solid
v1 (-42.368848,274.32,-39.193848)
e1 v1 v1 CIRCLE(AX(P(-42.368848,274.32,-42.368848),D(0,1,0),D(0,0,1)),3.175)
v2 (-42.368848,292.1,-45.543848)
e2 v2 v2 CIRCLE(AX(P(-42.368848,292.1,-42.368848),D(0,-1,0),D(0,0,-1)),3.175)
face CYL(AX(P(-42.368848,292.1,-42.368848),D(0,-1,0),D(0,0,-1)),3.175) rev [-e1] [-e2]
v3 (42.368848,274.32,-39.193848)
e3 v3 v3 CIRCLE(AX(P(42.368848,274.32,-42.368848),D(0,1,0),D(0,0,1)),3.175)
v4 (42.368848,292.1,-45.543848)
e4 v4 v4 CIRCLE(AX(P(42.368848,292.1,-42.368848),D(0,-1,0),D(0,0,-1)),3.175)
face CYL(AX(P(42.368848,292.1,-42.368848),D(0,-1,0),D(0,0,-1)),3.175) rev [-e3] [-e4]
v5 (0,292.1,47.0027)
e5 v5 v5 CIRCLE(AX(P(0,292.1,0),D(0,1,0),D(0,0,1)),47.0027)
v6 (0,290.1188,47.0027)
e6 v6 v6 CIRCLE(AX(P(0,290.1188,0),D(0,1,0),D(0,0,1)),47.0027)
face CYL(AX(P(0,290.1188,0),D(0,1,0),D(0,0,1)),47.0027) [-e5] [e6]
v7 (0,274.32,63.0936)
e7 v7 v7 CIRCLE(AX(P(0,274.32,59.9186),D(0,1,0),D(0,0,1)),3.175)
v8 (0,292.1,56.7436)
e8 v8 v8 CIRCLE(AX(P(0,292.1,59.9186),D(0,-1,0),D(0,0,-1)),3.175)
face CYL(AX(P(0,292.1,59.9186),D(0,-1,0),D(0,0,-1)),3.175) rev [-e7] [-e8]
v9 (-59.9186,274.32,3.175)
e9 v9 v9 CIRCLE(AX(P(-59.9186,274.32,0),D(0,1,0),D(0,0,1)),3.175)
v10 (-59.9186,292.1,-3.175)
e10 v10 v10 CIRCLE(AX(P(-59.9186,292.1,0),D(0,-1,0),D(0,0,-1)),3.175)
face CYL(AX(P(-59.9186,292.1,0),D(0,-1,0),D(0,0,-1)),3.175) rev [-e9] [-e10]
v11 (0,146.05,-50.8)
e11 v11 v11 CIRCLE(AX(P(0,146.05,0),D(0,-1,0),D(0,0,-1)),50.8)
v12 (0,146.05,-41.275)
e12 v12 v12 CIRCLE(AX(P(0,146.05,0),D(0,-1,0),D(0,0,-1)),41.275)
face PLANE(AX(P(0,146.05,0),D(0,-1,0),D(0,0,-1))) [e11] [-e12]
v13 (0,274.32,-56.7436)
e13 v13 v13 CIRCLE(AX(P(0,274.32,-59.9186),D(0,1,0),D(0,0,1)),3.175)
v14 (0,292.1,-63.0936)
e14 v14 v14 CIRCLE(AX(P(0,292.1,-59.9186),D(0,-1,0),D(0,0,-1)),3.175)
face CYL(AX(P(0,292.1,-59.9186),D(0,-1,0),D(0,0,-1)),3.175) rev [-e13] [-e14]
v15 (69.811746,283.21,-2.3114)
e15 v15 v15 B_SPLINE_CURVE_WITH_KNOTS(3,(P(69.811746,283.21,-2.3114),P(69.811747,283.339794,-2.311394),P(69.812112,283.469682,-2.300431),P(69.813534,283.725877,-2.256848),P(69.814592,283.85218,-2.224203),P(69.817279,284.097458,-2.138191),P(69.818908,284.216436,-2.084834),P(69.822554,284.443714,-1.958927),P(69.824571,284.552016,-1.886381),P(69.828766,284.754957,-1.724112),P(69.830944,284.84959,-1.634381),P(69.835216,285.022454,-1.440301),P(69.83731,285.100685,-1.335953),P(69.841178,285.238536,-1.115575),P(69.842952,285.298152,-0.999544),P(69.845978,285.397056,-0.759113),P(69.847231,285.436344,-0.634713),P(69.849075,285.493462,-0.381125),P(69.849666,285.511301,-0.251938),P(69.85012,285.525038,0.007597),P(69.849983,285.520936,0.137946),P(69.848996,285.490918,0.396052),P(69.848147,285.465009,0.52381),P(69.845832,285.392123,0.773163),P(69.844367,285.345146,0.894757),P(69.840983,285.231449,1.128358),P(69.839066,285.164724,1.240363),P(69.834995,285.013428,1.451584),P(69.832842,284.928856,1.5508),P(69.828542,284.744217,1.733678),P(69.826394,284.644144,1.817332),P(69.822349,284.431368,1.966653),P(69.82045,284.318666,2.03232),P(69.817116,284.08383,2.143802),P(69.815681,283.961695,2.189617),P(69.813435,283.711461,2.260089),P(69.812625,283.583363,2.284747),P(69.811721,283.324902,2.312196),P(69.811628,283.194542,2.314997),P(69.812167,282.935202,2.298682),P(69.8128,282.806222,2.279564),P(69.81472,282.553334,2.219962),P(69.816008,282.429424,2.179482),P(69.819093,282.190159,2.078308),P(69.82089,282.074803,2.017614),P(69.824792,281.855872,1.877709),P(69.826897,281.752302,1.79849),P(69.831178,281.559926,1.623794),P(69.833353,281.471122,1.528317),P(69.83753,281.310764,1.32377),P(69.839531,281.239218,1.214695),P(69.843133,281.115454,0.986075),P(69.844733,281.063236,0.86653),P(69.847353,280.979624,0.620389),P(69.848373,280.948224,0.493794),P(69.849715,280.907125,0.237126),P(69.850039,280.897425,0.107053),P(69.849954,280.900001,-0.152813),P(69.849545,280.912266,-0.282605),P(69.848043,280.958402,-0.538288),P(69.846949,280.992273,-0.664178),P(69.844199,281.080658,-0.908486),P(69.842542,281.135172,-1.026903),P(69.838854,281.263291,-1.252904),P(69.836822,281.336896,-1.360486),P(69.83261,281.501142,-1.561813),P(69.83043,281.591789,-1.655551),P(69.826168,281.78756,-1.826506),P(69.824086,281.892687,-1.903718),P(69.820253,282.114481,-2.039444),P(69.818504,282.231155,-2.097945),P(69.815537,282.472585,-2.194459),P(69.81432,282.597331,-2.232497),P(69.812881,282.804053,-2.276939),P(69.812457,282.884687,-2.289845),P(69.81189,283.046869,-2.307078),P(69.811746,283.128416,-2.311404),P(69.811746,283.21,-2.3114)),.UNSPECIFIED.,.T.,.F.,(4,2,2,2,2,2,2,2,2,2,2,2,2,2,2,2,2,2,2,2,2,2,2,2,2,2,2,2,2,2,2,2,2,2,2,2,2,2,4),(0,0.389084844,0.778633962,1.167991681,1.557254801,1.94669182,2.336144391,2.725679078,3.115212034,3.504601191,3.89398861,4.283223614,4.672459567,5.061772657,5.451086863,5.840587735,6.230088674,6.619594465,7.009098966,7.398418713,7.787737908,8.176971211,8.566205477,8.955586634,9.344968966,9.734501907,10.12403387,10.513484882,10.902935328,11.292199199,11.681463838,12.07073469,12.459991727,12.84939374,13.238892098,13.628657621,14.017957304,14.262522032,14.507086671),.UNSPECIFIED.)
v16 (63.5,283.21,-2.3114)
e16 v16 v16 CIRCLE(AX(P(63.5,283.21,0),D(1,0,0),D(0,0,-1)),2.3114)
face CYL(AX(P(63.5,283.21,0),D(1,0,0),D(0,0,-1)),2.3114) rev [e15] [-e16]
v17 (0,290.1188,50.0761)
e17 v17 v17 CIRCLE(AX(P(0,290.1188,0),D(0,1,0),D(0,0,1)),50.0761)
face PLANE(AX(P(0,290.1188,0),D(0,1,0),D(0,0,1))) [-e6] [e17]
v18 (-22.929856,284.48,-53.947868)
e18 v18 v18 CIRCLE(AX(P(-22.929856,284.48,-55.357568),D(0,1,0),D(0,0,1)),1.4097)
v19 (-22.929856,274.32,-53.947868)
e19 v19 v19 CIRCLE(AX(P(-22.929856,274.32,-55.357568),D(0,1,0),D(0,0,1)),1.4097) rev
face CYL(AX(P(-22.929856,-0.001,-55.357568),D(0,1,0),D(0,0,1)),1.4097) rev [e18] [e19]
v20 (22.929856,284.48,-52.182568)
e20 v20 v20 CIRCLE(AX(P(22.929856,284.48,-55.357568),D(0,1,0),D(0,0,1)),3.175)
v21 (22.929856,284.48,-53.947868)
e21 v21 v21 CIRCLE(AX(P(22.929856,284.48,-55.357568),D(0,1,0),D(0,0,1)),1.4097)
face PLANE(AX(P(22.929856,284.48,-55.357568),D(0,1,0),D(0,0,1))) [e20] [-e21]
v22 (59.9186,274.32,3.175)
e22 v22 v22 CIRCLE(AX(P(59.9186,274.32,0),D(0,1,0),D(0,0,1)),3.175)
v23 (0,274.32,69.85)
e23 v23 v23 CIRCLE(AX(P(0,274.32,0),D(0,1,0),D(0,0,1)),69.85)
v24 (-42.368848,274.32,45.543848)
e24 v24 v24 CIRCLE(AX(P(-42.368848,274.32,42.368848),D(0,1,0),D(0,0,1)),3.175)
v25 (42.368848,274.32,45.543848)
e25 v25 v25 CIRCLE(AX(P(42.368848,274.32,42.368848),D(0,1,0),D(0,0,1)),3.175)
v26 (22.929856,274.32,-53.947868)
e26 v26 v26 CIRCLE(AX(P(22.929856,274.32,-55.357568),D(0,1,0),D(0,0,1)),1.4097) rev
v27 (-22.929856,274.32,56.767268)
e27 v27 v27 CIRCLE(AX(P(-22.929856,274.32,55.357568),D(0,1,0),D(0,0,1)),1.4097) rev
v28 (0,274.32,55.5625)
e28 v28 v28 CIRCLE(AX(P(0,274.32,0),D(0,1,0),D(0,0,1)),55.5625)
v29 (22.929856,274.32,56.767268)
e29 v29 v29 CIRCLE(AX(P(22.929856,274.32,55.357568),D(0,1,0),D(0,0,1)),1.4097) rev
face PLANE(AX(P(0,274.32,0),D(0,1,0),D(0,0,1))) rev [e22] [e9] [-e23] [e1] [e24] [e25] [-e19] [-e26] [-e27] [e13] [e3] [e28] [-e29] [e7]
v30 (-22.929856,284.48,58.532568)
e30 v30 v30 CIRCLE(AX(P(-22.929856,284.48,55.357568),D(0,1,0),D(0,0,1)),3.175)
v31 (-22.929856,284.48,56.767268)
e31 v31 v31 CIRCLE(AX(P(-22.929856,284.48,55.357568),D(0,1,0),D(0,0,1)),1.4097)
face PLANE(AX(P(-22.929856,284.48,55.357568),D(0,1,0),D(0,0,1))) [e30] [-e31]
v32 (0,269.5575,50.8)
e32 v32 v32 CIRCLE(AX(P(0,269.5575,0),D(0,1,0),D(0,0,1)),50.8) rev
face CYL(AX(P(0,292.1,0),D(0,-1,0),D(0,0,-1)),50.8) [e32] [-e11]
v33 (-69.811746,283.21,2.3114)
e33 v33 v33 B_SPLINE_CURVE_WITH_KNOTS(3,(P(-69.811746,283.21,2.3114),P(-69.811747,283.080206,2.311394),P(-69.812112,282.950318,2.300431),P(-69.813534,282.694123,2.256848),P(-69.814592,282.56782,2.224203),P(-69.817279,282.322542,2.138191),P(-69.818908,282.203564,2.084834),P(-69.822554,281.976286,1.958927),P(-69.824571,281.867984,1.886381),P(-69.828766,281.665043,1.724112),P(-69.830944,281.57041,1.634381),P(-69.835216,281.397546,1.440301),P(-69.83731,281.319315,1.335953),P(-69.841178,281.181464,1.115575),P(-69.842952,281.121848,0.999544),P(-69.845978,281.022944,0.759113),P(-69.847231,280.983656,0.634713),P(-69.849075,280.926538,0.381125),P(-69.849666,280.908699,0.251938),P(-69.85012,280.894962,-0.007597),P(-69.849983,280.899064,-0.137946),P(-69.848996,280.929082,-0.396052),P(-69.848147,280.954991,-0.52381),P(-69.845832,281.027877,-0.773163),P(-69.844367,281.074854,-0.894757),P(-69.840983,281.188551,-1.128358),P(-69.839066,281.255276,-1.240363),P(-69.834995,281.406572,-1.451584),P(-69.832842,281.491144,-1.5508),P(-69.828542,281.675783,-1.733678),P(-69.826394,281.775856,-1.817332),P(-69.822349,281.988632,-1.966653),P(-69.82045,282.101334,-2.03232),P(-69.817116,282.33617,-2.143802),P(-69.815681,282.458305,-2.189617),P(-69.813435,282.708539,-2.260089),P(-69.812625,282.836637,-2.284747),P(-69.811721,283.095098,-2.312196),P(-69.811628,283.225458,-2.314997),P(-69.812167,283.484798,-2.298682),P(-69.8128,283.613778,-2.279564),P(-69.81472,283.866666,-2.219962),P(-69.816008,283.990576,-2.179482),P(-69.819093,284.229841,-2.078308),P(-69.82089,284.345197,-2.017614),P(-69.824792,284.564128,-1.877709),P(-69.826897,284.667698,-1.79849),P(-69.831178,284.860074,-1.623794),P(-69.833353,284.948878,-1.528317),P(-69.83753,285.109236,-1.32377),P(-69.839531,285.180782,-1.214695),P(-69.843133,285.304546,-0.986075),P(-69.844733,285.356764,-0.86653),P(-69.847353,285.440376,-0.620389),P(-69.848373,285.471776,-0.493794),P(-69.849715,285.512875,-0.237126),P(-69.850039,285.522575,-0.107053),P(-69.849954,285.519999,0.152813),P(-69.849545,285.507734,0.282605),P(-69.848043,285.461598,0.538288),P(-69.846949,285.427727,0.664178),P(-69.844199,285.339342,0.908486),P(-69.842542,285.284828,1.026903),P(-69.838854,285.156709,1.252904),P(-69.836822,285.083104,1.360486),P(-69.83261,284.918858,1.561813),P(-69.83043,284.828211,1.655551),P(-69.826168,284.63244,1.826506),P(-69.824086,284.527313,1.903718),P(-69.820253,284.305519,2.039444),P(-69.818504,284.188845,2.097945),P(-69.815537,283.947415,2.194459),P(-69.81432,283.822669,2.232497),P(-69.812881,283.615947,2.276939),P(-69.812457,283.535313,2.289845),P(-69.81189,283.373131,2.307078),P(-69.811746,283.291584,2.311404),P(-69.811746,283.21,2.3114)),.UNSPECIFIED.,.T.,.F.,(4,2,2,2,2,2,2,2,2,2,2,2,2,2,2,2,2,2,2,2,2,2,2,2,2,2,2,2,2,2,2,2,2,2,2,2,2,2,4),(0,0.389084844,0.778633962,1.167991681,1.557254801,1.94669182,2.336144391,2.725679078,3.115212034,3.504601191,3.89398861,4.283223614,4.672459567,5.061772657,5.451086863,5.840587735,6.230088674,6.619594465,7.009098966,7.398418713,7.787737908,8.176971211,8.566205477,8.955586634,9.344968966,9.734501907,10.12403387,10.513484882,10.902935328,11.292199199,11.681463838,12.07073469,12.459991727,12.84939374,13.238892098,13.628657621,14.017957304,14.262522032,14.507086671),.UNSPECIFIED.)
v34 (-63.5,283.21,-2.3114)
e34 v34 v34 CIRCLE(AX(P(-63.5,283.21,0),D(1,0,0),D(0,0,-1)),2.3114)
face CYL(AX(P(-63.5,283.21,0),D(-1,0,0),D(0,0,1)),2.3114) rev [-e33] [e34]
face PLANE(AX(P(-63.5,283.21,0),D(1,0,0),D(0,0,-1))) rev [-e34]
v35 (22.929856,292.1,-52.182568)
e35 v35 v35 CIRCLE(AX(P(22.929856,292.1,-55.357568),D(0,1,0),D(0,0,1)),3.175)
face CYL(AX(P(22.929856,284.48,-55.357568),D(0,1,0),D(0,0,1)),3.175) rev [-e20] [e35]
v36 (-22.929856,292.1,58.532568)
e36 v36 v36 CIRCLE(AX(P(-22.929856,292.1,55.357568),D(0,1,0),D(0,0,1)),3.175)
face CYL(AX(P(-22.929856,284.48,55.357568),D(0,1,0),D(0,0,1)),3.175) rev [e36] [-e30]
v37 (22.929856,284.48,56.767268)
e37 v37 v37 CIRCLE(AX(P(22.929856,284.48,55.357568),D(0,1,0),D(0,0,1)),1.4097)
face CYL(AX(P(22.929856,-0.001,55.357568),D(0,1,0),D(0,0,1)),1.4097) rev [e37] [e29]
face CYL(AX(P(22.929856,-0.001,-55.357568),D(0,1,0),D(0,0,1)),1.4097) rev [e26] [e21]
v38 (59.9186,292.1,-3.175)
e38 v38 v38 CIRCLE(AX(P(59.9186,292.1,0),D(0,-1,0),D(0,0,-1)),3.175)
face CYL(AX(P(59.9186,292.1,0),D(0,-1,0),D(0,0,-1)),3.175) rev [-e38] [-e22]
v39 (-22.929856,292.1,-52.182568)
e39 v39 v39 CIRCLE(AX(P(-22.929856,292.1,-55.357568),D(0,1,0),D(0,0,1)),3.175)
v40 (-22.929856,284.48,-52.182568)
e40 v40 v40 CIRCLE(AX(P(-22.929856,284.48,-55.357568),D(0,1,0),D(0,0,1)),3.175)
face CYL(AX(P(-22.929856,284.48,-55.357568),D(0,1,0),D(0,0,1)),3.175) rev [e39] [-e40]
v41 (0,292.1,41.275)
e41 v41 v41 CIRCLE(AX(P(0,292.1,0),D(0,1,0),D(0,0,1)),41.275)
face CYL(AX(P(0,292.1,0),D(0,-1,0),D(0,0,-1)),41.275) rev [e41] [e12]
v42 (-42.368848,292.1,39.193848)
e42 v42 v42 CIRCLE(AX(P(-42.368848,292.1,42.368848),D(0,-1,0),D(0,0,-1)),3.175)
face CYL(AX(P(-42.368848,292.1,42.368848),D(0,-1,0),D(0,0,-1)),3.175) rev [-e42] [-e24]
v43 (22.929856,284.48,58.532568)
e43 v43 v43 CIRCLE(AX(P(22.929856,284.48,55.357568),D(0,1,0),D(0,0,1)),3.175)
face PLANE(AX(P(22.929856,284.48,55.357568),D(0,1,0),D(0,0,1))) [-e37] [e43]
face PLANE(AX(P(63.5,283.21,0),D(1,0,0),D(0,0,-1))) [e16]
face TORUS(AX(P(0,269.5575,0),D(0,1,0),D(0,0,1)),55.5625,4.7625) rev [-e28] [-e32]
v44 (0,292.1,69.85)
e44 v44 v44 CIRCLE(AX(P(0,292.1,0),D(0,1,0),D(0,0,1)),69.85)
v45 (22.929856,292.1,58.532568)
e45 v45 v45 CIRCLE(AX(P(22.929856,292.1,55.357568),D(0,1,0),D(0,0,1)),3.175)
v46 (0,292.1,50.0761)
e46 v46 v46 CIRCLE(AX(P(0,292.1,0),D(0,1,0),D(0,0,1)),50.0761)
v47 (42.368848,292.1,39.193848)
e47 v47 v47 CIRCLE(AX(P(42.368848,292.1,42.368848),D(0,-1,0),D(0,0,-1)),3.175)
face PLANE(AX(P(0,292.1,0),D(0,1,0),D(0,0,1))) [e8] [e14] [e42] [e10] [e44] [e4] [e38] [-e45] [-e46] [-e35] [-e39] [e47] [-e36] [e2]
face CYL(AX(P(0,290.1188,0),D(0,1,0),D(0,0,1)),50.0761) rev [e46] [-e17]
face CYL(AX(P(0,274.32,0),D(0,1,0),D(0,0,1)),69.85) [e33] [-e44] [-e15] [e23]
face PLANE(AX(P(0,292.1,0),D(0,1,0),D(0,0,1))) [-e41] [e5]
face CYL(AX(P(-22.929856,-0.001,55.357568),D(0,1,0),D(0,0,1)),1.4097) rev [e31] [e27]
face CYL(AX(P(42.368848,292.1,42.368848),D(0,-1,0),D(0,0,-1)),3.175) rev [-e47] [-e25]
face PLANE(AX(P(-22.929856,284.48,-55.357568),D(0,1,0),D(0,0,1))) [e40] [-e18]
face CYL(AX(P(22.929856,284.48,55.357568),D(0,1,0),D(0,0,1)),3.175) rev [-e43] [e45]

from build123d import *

# Parameters (mm, degrees)
SKETCH2_R               = 50.8
SKETCH2_R_2             = 41.275
BASE_CYLINDER_DEPTH     = 292.1
SKETCH3_R               = 69.85
SKETCH3_R_2             = 41.275
AFT_FLANGE_DEPTH        = 17.78
SKETCH4_R               = 69.85
SKETCH4_R_2             = 41.275
FORWARD_FLANGE_DEPTH    = 17.78
SKETCH6_R               = 50.0761
SKETCH6_R_2             = 47.0027
O_RING_SLOT_1_DEPTH     = 1.9812
SKETCH7_R               = 50.0761
SKETCH7_R_2             = 47.0027
O_RING_SLOT_2_DEPTH     = 1.9812
SKETCH8_R               = 3.175
CUT_EXTRUDE4_DEPTH      = 1
CUT_EXTRUDE4_DEPTH_BACK = 293.1
FILLET1_R               = 4.7625
SKETCH9_R               = 3.175
CUT_EXTRUDE5_DEPTH      = 7.62
SKETCH10_R              = 3.175
CUT_EXTRUDE6_DEPTH      = 7.62
CUT_EXTRUDE7_REACH      = 286.48
SKETCH11_R              = 1.4097
CUT_EXTRUDE8_REACH      = 286.48
SKETCH12_R              = 1.4097
SKETCH13_R              = 2.3114
CUT_EXTRUDE10_DEPTH     = 6.35
SKETCH14_R              = 2.3114
CUT_EXTRUDE11_DEPTH     = 6.35
SKETCH17_R              = 69.85
CUT_EXTRUDE12_DEPTH     = 146.05


with BuildPart() as part:
    # Sketch2 → Base Cylinder (new body)
    with BuildSketch(Plane(origin=(0, 0, 0), x_dir=(1, 0, 0), z_dir=(0, 1, 0))):
        Circle(SKETCH2_R)
        Circle(SKETCH2_R_2, mode=Mode.SUBTRACT)
    extrude(amount=BASE_CYLINDER_DEPTH)

    # Sketch3 → Aft Flange (add)
    with BuildSketch(Plane.XZ):
        Circle(SKETCH3_R)
        Circle(SKETCH3_R_2, mode=Mode.SUBTRACT)
    extrude(amount=-AFT_FLANGE_DEPTH)

    # Sketch4 → Forward Flange (add)
    with BuildSketch(Plane(origin=(0, 292.1, 0), x_dir=(1, 0, 0), z_dir=(0, 1, 0))):
        Circle(SKETCH4_R)
        Circle(SKETCH4_R_2, mode=Mode.SUBTRACT)
    extrude(amount=-FORWARD_FLANGE_DEPTH)

    # Sketch6 → O-Ring Slot 1 (cut)
    with BuildSketch(Plane.XZ):
        Circle(SKETCH6_R)
        Circle(SKETCH6_R_2, mode=Mode.SUBTRACT)
    extrude(amount=-O_RING_SLOT_1_DEPTH, mode=Mode.SUBTRACT)

    # Sketch7 → O-Ring Slot 2 (cut)
    with BuildSketch(Plane(origin=(0, 292.1, 0), x_dir=(1, 0, 0), z_dir=(0, 1, 0))):
        Circle(SKETCH7_R)
        Circle(SKETCH7_R_2, mode=Mode.SUBTRACT)
    extrude(amount=-O_RING_SLOT_2_DEPTH, mode=Mode.SUBTRACT)

    # Sketch8 → Cut-Extrude4 (cut, two sides)
    with BuildSketch(Plane.XZ) as cut_extrude4_sk:
        with Locations((-59.9186, 0)):
            Circle(SKETCH8_R)
        with Locations((-42.368848379, 42.368848379)):
            Circle(SKETCH8_R)
        with Locations((0, 59.9186)):
            Circle(SKETCH8_R)
        with Locations((42.368848379, 42.368848379)):
            Circle(SKETCH8_R)
        with Locations((59.9186, 0)):
            Circle(SKETCH8_R)
        with Locations((42.368848379, -42.368848379)):
            Circle(SKETCH8_R)
        with Locations((0, -59.9186)):
            Circle(SKETCH8_R)
        with Locations((-42.368848379, -42.368848379)):
            Circle(SKETCH8_R)
    extrude(amount=CUT_EXTRUDE4_DEPTH, mode=Mode.SUBTRACT)
    extrude(cut_extrude4_sk.sketch, amount=-CUT_EXTRUDE4_DEPTH_BACK, mode=Mode.SUBTRACT)

    # Fillet1
    fillet1_edges = [part.edges().sort_by_distance(p)[0] for p in [
        (-50.8, 17.78, 0),
        (-50.8, 274.32, 0),
    ]]
    fillet(fillet1_edges, radius=FILLET1_R)

    # Sketch9 → Cut-Extrude5 (cut)
    with BuildSketch(Plane(origin=(0, 292.1, 0), x_dir=(1, 0, 0), z_dir=(0, 1, 0))):
        with Locations((-22.929855511, 55.357568157)):
            Circle(SKETCH9_R)
        with Locations((22.929855511, -55.357568157)):
            Circle(SKETCH9_R)
        with Locations((22.929855511, 55.357568157)):
            Circle(SKETCH9_R)
        with Locations((-22.929855511, -55.357568157)):
            Circle(SKETCH9_R)
    extrude(amount=-CUT_EXTRUDE5_DEPTH, mode=Mode.SUBTRACT)

    # Sketch10 → Cut-Extrude6 (cut)
    with BuildSketch(Plane.XZ):
        with Locations((-22.929855511, 55.357568157)):
            Circle(SKETCH10_R)
        with Locations((22.929855511, -55.357568157)):
            Circle(SKETCH10_R)
        with Locations((22.929855511, 55.357568157)):
            Circle(SKETCH10_R)
        with Locations((-22.929855511, -55.357568157)):
            Circle(SKETCH10_R)
    extrude(amount=-CUT_EXTRUDE6_DEPTH, mode=Mode.SUBTRACT)

    # Sketch11 → Cut-Extrude7 (cut, up to next)
    with BuildSketch(Plane(origin=(0, 284.48, 0), x_dir=(1, 0, 0), z_dir=(0, 1, 0)), mode=Mode.PRIVATE) as cut_extrude7_sk1:
        with Locations((-22.929855511, 55.357568157)):
            Circle(SKETCH11_R)
    cut_extrude7_tool1 = extrude(cut_extrude7_sk1.sketch, amount=-CUT_EXTRUDE7_REACH, mode=Mode.PRIVATE) & part.part
    add(cut_extrude7_tool1.solids().sort_by_distance((-22.929856, 284.48, -55.357568))[0], mode=Mode.SUBTRACT)
    # Sketch11 → Cut-Extrude7 (cut, up to next)
    with BuildSketch(Plane(origin=(0, 284.48, 0), x_dir=(1, 0, 0), z_dir=(0, 1, 0)), mode=Mode.PRIVATE) as cut_extrude7_sk2:
        with Locations((22.929855511, 55.357568157)):
            Circle(SKETCH11_R)
    cut_extrude7_tool2 = extrude(cut_extrude7_sk2.sketch, amount=-CUT_EXTRUDE7_REACH, mode=Mode.PRIVATE) & part.part
    add(cut_extrude7_tool2.solids().sort_by_distance((22.929856, 284.48, -55.357568))[0], mode=Mode.SUBTRACT)
    # Sketch11 → Cut-Extrude7 (cut, up to next)
    with BuildSketch(Plane(origin=(0, 284.48, 0), x_dir=(1, 0, 0), z_dir=(0, 1, 0)), mode=Mode.PRIVATE) as cut_extrude7_sk3:
        with Locations((-22.929855511, -55.357568157)):
            Circle(SKETCH11_R)
    cut_extrude7_tool3 = extrude(cut_extrude7_sk3.sketch, amount=-CUT_EXTRUDE7_REACH, mode=Mode.PRIVATE) & part.part
    add(cut_extrude7_tool3.solids().sort_by_distance((-22.929856, 284.48, 55.357568))[0], mode=Mode.SUBTRACT)
    # Sketch11 → Cut-Extrude7 (cut, up to next)
    with BuildSketch(Plane(origin=(0, 284.48, 0), x_dir=(1, 0, 0), z_dir=(0, 1, 0)), mode=Mode.PRIVATE) as cut_extrude7_sk4:
        with Locations((22.929855511, -55.357568157)):
            Circle(SKETCH11_R)
    cut_extrude7_tool4 = extrude(cut_extrude7_sk4.sketch, amount=-CUT_EXTRUDE7_REACH, mode=Mode.PRIVATE) & part.part
    add(cut_extrude7_tool4.solids().sort_by_distance((22.929856, 284.48, 55.357568))[0], mode=Mode.SUBTRACT)

    # Sketch12 → Cut-Extrude8 (cut, up to next)
    with BuildSketch(Plane.XZ.offset(-7.62), mode=Mode.PRIVATE) as cut_extrude8_sk1:
        with Locations((-22.929855511, 55.357568157)):
            Circle(SKETCH12_R)
    cut_extrude8_tool1 = extrude(cut_extrude8_sk1.sketch, amount=-CUT_EXTRUDE8_REACH, mode=Mode.PRIVATE) & part.part
    add(cut_extrude8_tool1.solids().sort_by_distance((-22.929856, 7.62, 55.357568))[0], mode=Mode.SUBTRACT)
    # Sketch12 → Cut-Extrude8 (cut, up to next)
    with BuildSketch(Plane.XZ.offset(-7.62), mode=Mode.PRIVATE) as cut_extrude8_sk2:
        with Locations((22.929855511, 55.357568157)):
            Circle(SKETCH12_R)
    cut_extrude8_tool2 = extrude(cut_extrude8_sk2.sketch, amount=-CUT_EXTRUDE8_REACH, mode=Mode.PRIVATE) & part.part
    add(cut_extrude8_tool2.solids().sort_by_distance((22.929856, 7.62, 55.357568))[0], mode=Mode.SUBTRACT)
    # Sketch12 → Cut-Extrude8 (cut, up to next)
    with BuildSketch(Plane.XZ.offset(-7.62), mode=Mode.PRIVATE) as cut_extrude8_sk3:
        with Locations((-22.929855511, -55.357568157)):
            Circle(SKETCH12_R)
    cut_extrude8_tool3 = extrude(cut_extrude8_sk3.sketch, amount=-CUT_EXTRUDE8_REACH, mode=Mode.PRIVATE) & part.part
    add(cut_extrude8_tool3.solids().sort_by_distance((-22.929856, 7.62, -55.357568))[0], mode=Mode.SUBTRACT)
    # Sketch12 → Cut-Extrude8 (cut, up to next)
    with BuildSketch(Plane.XZ.offset(-7.62), mode=Mode.PRIVATE) as cut_extrude8_sk4:
        with Locations((22.929855511, -55.357568157)):
            Circle(SKETCH12_R)
    cut_extrude8_tool4 = extrude(cut_extrude8_sk4.sketch, amount=-CUT_EXTRUDE8_REACH, mode=Mode.PRIVATE) & part.part
    add(cut_extrude8_tool4.solids().sort_by_distance((22.929856, 7.62, -55.357568))[0], mode=Mode.SUBTRACT)

    # Sketch13 → Cut-Extrude10 (cut)
    with BuildSketch(Plane(origin=(-69.85, 0, 0), x_dir=(0, 0, -1), z_dir=(1, 0, 0))):
        with Locations((0, 283.21)):
            Circle(SKETCH13_R)
    extrude(amount=CUT_EXTRUDE10_DEPTH, mode=Mode.SUBTRACT)

    # Sketch14 → Cut-Extrude11 (cut)
    with BuildSketch(Plane(origin=(69.85, 0, 0), x_dir=(0, 0, -1), z_dir=(1, 0, 0))):
        with Locations((0, 283.21)):
            Circle(SKETCH14_R)
    extrude(amount=-CUT_EXTRUDE11_DEPTH, mode=Mode.SUBTRACT)

    # Sketch17 → Cut-Extrude12 (cut)
    with BuildSketch(Plane(origin=(0, 0, 0), x_dir=(-1, 0, 0), z_dir=(0, -1, 0))):
        Circle(SKETCH17_R)
    extrude(amount=-CUT_EXTRUDE12_DEPTH, mode=Mode.SUBTRACT)


solid = part.part
